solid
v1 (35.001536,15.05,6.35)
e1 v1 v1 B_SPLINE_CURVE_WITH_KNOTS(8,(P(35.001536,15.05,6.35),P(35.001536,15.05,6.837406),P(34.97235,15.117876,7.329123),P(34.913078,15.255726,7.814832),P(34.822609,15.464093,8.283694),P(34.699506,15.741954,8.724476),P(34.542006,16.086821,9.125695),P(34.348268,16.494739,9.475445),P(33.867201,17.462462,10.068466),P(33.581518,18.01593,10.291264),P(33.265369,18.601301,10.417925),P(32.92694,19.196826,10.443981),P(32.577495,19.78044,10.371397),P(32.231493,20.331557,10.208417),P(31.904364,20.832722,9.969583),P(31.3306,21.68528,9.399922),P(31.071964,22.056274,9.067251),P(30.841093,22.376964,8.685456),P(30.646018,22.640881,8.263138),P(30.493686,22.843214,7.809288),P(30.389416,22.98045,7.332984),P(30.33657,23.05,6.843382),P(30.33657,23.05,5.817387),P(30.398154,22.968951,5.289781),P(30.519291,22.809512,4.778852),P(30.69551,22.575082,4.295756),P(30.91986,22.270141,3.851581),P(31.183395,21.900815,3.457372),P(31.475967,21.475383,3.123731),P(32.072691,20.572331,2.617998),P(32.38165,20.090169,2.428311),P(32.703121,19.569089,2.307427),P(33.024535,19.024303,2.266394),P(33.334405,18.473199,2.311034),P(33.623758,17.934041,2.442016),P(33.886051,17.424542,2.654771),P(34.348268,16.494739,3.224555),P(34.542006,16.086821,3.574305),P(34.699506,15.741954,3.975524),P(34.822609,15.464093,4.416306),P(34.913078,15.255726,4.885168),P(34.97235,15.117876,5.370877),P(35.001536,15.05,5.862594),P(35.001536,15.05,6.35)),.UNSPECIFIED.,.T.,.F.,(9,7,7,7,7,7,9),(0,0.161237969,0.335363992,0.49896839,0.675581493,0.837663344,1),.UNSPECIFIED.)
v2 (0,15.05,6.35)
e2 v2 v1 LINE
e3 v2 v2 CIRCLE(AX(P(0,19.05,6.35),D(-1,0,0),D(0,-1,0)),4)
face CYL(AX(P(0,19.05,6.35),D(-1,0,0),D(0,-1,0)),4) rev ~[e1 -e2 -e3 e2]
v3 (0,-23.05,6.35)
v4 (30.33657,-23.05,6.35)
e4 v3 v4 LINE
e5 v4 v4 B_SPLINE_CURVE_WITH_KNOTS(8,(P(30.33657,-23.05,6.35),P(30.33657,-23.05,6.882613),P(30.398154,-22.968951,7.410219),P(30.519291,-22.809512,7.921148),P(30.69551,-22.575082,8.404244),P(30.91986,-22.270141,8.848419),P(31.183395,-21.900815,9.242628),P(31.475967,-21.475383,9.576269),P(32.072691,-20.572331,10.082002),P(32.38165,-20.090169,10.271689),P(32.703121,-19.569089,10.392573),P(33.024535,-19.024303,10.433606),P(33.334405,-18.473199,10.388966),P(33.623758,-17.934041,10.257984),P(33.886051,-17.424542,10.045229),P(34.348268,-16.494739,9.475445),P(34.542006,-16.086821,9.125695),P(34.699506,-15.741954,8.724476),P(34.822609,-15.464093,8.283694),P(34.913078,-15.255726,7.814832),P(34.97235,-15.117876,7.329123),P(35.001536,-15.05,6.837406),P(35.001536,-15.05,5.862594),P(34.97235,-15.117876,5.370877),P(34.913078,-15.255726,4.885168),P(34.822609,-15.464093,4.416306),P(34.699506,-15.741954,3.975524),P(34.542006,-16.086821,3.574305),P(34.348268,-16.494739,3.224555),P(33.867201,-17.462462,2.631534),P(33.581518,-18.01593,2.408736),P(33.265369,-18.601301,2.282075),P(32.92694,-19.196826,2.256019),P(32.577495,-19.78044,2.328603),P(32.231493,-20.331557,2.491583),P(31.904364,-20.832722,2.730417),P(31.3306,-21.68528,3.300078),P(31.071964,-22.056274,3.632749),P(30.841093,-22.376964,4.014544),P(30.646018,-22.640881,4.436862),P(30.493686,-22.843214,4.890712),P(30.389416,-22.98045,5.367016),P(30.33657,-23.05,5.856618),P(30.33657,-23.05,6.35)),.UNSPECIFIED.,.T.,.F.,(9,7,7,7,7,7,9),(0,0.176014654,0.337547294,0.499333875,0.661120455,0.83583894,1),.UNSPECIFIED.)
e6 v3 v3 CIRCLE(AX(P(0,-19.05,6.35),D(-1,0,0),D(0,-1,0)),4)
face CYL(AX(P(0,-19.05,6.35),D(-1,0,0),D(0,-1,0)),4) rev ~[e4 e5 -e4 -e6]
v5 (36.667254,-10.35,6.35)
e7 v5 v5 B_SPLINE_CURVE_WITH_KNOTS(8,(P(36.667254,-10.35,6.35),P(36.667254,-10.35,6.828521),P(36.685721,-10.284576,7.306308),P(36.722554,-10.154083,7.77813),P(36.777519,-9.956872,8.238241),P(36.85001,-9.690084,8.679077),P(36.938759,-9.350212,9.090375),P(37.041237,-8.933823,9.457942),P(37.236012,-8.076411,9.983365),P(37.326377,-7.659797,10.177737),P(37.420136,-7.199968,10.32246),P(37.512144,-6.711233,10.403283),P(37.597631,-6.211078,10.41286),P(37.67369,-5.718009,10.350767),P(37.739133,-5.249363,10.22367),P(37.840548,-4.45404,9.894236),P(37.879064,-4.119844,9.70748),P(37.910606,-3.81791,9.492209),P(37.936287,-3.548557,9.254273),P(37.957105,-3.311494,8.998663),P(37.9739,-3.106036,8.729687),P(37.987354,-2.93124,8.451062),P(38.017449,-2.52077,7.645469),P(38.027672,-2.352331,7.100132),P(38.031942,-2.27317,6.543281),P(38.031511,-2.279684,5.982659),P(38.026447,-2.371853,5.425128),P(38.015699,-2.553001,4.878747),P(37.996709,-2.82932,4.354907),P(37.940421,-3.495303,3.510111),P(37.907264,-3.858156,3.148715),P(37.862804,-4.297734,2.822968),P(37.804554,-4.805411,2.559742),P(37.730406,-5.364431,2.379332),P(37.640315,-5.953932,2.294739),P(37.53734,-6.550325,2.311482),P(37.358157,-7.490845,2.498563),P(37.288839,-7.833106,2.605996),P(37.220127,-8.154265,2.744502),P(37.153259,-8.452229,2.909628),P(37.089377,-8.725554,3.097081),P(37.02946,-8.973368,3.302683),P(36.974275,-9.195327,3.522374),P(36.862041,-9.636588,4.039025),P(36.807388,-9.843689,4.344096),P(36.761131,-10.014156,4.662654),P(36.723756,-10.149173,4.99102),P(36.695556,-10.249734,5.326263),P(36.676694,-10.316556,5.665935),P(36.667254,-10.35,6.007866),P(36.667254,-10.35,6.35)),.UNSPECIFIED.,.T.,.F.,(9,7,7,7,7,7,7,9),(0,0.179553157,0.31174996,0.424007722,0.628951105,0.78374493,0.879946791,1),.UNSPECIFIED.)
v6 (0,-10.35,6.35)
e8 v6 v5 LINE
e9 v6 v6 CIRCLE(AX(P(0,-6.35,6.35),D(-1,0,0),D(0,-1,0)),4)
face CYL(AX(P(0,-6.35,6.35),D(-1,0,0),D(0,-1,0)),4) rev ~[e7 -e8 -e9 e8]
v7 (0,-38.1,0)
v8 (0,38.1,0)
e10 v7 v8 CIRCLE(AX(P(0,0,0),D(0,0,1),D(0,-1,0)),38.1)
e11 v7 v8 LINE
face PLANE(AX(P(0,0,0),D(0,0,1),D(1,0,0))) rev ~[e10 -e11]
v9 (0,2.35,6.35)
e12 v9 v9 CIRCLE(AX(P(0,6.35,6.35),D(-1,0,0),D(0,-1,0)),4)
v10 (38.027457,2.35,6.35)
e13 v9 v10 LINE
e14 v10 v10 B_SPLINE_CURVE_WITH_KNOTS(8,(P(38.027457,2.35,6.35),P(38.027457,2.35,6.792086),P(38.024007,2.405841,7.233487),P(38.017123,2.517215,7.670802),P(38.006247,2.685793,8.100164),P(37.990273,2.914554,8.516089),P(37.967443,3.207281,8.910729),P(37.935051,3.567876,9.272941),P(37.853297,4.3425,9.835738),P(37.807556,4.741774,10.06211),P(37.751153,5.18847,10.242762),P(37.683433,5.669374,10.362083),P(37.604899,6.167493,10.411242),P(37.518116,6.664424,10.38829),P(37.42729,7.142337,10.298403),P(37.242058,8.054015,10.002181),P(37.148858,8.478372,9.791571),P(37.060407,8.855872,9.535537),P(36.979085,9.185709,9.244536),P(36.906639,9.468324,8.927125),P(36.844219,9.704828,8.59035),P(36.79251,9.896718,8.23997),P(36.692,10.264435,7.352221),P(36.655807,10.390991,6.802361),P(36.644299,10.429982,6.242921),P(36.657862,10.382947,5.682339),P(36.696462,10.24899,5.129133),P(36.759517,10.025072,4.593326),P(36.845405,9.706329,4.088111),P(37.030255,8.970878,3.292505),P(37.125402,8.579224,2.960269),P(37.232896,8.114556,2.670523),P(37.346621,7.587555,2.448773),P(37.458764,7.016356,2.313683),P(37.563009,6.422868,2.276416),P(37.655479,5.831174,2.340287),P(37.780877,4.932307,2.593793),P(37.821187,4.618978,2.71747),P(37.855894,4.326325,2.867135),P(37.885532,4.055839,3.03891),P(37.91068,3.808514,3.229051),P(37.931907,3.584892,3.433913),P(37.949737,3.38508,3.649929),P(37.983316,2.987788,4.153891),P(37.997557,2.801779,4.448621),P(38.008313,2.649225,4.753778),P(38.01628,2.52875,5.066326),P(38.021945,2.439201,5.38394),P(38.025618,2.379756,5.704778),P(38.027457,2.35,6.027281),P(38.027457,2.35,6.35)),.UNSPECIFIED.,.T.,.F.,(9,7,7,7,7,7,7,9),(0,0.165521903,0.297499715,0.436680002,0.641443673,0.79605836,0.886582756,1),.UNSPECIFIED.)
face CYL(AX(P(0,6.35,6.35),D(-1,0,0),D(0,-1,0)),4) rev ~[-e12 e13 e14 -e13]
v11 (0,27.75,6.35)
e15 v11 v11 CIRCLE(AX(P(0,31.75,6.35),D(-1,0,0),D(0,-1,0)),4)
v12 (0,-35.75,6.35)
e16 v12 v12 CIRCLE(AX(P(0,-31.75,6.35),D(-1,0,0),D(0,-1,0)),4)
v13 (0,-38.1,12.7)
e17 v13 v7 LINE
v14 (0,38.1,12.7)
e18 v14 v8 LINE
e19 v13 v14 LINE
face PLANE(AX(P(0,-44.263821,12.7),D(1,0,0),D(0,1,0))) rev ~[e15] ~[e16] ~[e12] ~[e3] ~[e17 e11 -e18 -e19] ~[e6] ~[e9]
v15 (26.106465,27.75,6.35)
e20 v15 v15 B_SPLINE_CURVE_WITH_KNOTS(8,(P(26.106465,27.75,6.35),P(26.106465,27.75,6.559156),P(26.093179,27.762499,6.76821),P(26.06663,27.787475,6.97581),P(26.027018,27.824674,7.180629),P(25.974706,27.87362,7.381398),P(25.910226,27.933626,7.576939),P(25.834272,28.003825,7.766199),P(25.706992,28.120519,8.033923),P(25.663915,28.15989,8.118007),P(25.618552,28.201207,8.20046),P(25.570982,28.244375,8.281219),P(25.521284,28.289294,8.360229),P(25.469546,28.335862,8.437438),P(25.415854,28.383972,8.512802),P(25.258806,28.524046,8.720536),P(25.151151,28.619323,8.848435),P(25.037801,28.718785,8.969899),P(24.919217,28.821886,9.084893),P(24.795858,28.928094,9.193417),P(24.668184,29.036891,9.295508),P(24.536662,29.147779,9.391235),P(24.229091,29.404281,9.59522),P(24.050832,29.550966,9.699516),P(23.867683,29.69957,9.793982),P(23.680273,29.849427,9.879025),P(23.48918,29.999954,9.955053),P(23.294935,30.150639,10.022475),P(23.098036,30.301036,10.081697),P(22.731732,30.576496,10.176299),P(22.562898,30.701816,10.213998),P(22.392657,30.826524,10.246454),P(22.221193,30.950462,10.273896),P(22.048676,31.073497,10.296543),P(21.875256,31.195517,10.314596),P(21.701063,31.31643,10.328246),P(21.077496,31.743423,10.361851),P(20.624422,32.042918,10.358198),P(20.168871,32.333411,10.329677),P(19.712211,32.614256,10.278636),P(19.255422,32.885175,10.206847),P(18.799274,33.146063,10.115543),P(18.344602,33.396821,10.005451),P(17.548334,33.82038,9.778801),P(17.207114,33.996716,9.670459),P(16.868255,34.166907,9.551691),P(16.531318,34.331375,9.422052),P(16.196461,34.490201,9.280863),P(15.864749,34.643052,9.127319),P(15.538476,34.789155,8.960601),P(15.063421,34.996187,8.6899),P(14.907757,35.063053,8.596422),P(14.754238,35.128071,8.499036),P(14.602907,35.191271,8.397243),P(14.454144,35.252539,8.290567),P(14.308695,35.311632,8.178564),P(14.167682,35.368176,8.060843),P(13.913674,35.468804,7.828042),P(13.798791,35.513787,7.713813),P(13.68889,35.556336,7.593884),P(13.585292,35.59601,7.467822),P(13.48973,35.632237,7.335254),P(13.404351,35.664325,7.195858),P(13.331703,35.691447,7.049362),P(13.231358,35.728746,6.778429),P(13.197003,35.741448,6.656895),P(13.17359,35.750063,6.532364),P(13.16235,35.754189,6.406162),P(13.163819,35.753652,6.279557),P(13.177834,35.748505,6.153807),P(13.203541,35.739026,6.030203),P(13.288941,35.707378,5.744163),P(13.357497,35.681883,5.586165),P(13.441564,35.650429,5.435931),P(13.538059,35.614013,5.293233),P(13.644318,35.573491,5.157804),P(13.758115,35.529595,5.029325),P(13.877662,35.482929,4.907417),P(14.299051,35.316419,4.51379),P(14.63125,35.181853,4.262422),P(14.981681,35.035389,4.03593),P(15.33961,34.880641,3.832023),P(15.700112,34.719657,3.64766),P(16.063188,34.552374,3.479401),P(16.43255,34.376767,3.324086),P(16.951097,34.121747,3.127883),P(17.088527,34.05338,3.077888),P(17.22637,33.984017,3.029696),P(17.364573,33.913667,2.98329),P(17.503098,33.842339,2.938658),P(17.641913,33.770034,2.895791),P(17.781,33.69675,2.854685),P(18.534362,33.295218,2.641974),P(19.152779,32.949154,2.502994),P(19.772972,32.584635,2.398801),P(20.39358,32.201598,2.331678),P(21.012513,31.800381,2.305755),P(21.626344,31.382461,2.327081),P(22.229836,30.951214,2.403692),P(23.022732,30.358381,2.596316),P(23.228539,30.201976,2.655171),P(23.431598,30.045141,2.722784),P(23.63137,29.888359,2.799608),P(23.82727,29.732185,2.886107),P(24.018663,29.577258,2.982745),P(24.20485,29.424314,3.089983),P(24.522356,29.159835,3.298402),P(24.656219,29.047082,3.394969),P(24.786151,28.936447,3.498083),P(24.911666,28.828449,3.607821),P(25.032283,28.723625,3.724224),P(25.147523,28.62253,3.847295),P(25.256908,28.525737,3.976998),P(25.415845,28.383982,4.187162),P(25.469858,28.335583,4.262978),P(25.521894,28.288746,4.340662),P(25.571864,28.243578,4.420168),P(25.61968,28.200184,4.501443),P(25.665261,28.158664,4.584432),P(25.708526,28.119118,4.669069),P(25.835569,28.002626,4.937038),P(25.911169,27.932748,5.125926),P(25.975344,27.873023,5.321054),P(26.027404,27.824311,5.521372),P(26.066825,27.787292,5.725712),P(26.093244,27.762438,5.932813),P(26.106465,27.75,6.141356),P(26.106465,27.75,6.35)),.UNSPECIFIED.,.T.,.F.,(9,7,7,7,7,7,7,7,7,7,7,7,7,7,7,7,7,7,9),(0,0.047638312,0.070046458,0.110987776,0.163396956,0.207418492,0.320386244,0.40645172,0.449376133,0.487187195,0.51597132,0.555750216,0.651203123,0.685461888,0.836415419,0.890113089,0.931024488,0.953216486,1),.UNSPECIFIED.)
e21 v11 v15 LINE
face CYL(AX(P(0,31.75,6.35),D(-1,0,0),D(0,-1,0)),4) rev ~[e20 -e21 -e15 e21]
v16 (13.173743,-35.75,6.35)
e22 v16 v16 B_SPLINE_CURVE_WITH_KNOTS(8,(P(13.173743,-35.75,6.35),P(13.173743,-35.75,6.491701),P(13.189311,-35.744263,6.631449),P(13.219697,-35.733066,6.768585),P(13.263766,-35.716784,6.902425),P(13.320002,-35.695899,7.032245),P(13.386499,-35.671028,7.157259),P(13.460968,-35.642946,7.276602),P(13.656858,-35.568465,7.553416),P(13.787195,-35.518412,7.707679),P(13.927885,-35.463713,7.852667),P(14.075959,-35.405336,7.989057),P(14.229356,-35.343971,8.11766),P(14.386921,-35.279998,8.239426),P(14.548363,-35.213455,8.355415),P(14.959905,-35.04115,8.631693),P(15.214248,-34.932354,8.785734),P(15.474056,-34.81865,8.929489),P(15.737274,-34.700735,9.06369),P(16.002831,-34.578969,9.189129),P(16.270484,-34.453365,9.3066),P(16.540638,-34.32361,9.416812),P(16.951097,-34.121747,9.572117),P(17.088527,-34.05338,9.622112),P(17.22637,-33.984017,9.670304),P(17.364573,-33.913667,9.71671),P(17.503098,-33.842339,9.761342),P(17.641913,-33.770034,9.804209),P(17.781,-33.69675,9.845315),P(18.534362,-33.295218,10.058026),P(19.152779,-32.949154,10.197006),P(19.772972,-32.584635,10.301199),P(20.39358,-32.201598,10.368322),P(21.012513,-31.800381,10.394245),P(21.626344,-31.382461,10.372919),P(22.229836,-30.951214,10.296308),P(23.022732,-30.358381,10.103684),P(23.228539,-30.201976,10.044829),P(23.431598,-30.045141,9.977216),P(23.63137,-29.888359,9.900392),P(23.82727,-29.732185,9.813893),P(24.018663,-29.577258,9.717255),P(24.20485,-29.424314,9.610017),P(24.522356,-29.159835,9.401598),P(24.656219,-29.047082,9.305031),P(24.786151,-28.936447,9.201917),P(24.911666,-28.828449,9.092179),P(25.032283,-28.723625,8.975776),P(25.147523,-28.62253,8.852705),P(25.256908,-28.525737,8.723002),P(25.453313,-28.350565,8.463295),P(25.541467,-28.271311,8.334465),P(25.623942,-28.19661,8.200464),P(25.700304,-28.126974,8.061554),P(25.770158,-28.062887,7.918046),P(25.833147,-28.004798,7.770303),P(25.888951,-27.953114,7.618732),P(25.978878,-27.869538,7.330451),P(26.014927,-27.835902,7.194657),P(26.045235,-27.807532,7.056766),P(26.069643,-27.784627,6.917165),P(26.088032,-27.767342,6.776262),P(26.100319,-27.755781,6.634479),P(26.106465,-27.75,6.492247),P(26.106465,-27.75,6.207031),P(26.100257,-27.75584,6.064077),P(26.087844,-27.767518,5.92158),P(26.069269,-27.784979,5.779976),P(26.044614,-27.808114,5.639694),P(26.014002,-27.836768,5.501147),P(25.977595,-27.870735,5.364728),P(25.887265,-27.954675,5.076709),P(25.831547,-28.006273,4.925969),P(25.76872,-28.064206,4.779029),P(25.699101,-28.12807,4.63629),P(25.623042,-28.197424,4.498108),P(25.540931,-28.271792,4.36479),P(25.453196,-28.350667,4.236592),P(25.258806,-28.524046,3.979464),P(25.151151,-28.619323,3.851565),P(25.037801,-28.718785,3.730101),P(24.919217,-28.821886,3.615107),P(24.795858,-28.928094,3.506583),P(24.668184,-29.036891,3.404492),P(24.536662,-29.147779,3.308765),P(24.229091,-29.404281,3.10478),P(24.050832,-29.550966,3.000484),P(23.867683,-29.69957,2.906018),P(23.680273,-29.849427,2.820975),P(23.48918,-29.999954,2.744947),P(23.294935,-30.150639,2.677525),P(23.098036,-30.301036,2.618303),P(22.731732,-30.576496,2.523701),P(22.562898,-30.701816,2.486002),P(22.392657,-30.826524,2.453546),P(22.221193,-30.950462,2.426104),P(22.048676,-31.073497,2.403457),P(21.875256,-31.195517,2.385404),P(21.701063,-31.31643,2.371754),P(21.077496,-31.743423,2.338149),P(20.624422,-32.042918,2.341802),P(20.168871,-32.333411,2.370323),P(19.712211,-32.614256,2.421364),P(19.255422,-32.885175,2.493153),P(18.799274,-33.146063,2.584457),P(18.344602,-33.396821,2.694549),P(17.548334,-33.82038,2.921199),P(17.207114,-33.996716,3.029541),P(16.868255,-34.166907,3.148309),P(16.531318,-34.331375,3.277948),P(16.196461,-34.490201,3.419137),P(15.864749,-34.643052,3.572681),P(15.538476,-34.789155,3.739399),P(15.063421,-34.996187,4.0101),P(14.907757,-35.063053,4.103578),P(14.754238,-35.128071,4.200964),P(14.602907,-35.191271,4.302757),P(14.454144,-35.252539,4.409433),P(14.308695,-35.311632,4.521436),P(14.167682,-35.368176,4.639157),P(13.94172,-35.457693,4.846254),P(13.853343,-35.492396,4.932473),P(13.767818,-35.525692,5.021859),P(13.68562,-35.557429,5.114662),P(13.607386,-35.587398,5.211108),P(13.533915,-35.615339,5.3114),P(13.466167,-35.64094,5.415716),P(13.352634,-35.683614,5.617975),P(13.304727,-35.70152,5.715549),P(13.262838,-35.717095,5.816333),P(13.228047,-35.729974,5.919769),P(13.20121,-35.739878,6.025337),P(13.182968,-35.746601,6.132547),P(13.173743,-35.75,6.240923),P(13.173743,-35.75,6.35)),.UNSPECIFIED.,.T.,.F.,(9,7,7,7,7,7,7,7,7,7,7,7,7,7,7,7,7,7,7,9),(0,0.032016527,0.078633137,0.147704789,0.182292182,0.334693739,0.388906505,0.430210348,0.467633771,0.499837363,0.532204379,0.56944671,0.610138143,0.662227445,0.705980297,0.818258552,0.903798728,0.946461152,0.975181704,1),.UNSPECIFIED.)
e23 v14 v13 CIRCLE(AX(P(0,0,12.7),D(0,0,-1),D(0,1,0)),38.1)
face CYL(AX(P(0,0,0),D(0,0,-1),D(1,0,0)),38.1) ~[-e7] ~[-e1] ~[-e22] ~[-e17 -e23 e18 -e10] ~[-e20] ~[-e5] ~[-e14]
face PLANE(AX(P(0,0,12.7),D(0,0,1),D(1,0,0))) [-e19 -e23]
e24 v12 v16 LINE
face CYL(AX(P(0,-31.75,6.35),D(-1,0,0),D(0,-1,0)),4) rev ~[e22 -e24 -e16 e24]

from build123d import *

# Parameters (mm, degrees)
F0_R     = 38.1
F1_DEPTH = 12.7
F2_W     = 42.448588
F2_H     = 91.320313
F3_DEPTH = 12.7
F4_R     = 4
F5_DEPTH = 38.101


with BuildPart() as f1:
    # F0 (on Top) → F1 (new body)
    with BuildSketch(Plane.XY):
        Circle(F0_R)
    extrude(amount=F1_DEPTH)

    # F2 (on face) → F3 (cut, through all)
    with BuildSketch(Plane.XY.offset(12.7)):
        with Locations((-21.224294, 1.396335)):
            Rectangle(F2_W, F2_H)
    extrude(amount=-F3_DEPTH, mode=Mode.SUBTRACT)

    # F4 (on face) → F5 (cut, through all)
    with BuildSketch(Plane(origin=(0, 0, 0), x_dir=(0, -1, 0), z_dir=(-1, 0, 0))):
        with Locations((-31.75, 6.35)):
            Circle(F4_R)
        with Locations((-19.05, 6.35)):
            Circle(F4_R)
        with Locations((-6.35, 6.35)):
            Circle(F4_R)
        with Locations((6.35, 6.35)):
            Circle(F4_R)
        with Locations((19.05, 6.35)):
            Circle(F4_R)
        with Locations((31.75, 6.35)):
            Circle(F4_R)
    extrude(amount=-F5_DEPTH, mode=Mode.SUBTRACT)


solid = f1.part
